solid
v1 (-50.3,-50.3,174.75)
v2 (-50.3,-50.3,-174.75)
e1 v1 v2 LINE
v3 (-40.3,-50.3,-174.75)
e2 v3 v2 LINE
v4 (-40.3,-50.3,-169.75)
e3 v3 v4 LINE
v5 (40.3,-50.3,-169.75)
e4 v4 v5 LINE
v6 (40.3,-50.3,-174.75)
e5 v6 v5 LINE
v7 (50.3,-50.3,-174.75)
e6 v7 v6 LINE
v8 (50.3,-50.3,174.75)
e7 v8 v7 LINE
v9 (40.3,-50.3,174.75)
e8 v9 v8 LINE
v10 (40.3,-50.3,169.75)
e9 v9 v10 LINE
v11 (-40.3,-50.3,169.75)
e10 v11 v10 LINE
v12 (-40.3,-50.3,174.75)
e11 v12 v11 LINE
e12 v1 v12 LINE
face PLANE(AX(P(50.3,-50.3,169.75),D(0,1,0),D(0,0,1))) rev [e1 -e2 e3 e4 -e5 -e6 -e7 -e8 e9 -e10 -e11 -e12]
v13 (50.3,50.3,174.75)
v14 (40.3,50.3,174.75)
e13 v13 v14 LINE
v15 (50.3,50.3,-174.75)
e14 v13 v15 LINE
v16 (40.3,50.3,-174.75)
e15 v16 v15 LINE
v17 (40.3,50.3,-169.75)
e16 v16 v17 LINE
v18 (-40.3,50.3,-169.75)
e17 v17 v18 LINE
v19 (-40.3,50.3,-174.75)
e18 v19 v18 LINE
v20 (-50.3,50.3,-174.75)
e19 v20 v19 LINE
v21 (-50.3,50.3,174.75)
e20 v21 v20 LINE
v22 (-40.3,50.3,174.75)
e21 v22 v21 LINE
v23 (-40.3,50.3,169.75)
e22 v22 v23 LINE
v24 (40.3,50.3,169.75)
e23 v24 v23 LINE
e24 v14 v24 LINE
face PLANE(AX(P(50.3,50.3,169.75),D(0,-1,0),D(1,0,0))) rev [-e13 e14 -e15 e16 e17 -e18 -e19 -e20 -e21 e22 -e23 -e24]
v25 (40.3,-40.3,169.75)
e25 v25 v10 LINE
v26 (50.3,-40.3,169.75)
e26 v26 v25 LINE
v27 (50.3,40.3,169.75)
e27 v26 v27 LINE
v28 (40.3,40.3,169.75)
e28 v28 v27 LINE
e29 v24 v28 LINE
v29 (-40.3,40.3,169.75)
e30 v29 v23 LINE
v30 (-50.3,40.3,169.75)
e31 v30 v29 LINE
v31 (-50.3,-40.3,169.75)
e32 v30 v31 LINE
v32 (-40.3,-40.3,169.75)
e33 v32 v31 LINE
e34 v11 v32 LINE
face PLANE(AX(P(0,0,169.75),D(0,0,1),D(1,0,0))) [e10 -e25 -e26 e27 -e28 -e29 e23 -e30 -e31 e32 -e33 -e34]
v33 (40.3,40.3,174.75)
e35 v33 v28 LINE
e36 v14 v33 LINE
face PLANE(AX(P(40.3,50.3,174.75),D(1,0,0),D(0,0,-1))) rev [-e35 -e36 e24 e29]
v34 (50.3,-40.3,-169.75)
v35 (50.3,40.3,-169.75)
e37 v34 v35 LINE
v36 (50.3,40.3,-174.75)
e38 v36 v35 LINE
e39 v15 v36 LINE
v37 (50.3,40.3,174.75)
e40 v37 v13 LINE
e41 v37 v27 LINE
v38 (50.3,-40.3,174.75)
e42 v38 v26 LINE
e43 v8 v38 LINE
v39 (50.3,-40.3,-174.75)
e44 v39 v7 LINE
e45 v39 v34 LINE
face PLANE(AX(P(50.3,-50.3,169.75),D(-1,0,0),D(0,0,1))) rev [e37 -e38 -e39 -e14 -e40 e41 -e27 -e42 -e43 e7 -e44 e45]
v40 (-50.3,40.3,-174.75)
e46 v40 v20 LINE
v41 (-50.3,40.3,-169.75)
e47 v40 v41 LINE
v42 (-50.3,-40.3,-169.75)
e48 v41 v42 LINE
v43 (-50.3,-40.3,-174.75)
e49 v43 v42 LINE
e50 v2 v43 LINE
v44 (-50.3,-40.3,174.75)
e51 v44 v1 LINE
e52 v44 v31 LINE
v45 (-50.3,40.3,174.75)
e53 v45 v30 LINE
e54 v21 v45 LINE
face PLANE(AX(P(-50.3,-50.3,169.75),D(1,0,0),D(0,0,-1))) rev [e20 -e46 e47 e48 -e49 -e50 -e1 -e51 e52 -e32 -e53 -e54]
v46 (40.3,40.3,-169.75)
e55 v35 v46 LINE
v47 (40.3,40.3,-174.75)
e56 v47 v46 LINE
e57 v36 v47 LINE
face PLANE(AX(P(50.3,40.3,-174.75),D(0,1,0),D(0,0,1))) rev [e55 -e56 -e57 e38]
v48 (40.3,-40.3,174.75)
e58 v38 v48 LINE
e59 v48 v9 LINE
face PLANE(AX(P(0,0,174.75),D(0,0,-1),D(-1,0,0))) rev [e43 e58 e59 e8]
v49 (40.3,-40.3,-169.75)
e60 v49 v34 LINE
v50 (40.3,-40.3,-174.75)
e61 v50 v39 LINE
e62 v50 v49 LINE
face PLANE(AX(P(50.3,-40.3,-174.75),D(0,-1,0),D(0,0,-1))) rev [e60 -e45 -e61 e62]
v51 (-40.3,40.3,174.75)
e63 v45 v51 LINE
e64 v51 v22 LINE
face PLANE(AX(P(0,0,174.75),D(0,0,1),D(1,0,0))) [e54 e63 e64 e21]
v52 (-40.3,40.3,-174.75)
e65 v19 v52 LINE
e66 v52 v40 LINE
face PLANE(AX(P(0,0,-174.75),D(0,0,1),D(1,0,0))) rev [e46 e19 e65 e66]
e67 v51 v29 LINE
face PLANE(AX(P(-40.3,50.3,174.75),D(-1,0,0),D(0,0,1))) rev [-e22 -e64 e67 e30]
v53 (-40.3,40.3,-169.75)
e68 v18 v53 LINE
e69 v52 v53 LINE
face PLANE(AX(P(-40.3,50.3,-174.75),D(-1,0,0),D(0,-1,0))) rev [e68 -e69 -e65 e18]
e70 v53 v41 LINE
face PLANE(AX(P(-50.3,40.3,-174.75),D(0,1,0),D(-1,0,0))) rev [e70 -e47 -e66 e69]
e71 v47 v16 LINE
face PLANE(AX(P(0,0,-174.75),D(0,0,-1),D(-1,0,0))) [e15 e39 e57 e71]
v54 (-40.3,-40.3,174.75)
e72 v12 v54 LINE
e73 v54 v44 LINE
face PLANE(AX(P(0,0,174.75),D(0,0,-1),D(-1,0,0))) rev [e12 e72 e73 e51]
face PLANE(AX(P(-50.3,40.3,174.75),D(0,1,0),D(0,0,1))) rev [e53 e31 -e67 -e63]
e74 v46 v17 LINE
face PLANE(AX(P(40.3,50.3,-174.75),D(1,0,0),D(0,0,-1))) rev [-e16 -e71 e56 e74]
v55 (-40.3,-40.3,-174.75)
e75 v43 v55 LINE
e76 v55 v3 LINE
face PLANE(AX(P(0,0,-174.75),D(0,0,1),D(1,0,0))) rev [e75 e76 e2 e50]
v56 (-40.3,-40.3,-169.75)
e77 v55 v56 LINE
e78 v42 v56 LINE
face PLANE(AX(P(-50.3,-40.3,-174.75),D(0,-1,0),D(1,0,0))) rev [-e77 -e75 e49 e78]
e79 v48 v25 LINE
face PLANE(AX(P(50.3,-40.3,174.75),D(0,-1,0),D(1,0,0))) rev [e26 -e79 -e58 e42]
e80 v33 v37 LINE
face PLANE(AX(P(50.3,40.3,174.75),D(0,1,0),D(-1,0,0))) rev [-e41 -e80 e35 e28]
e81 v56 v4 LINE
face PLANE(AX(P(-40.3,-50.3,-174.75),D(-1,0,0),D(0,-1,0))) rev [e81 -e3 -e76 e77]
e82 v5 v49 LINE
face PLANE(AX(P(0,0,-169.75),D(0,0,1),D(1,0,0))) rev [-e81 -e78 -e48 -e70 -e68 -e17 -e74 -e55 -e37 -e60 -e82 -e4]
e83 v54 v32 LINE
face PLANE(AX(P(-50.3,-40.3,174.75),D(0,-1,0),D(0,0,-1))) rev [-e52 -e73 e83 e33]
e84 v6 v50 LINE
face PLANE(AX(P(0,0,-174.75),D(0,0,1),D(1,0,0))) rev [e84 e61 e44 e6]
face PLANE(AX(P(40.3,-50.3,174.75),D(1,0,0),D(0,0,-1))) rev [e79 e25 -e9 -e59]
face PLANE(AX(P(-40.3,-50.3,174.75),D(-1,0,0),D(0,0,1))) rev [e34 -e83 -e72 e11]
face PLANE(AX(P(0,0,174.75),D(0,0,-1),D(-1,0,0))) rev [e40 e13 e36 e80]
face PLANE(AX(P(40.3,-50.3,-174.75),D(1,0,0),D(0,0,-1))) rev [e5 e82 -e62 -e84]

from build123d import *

# Parameters (mm, degrees)
SKETCH1_W           = 100.6
SKETCH1_H           = 100.6
BOSS_EXTRUDE1_DEPTH = 169.75
SKETCH2_W           = 10
SKETCH2_H           = 10
BOSS_EXTRUDE2_DEPTH = 5
SKETCH3_W           = 10
SKETCH3_H           = 10
BOSS_EXTRUDE3_DEPTH = 5


with BuildPart() as part:
    # Sketch1 → Boss-Extrude1 (new, symmetric)
    with BuildSketch(Plane.XY):
        Rectangle(SKETCH1_W, SKETCH1_H)
    extrude(amount=BOSS_EXTRUDE1_DEPTH, both=True)

    # Sketch2 → Boss-Extrude2 (add)
    with BuildSketch(Plane.XY.offset(169.75)):
        with Locations((-45.3, 45.3)):
            Rectangle(SKETCH2_W, SKETCH2_H)
        with Locations((45.3, 45.3)):
            Rectangle(SKETCH2_W, SKETCH2_H)
        with Locations((45.3, -45.3)):
            Rectangle(SKETCH2_W, SKETCH2_H)
        with Locations((-45.3, -45.3)):
            Rectangle(SKETCH2_W, SKETCH2_H)
    extrude(amount=BOSS_EXTRUDE2_DEPTH)

    # Sketch3 → Boss-Extrude3 (add)
    with BuildSketch(Plane(origin=(0, 0, -169.75), x_dir=(-1, 0, 0), z_dir=(0, 0, -1))):
        with Locations((-45.3, 45.3)):
            Rectangle(SKETCH3_W, SKETCH3_H)
        with Locations((45.3, 45.3)):
            Rectangle(SKETCH3_W, SKETCH3_H)
        with Locations((45.3, -45.3)):
            Rectangle(SKETCH3_W, SKETCH3_H)
        with Locations((-45.3, -45.3)):
            Rectangle(SKETCH3_W, SKETCH3_H)
    extrude(amount=BOSS_EXTRUDE3_DEPTH)


solid = part.part
